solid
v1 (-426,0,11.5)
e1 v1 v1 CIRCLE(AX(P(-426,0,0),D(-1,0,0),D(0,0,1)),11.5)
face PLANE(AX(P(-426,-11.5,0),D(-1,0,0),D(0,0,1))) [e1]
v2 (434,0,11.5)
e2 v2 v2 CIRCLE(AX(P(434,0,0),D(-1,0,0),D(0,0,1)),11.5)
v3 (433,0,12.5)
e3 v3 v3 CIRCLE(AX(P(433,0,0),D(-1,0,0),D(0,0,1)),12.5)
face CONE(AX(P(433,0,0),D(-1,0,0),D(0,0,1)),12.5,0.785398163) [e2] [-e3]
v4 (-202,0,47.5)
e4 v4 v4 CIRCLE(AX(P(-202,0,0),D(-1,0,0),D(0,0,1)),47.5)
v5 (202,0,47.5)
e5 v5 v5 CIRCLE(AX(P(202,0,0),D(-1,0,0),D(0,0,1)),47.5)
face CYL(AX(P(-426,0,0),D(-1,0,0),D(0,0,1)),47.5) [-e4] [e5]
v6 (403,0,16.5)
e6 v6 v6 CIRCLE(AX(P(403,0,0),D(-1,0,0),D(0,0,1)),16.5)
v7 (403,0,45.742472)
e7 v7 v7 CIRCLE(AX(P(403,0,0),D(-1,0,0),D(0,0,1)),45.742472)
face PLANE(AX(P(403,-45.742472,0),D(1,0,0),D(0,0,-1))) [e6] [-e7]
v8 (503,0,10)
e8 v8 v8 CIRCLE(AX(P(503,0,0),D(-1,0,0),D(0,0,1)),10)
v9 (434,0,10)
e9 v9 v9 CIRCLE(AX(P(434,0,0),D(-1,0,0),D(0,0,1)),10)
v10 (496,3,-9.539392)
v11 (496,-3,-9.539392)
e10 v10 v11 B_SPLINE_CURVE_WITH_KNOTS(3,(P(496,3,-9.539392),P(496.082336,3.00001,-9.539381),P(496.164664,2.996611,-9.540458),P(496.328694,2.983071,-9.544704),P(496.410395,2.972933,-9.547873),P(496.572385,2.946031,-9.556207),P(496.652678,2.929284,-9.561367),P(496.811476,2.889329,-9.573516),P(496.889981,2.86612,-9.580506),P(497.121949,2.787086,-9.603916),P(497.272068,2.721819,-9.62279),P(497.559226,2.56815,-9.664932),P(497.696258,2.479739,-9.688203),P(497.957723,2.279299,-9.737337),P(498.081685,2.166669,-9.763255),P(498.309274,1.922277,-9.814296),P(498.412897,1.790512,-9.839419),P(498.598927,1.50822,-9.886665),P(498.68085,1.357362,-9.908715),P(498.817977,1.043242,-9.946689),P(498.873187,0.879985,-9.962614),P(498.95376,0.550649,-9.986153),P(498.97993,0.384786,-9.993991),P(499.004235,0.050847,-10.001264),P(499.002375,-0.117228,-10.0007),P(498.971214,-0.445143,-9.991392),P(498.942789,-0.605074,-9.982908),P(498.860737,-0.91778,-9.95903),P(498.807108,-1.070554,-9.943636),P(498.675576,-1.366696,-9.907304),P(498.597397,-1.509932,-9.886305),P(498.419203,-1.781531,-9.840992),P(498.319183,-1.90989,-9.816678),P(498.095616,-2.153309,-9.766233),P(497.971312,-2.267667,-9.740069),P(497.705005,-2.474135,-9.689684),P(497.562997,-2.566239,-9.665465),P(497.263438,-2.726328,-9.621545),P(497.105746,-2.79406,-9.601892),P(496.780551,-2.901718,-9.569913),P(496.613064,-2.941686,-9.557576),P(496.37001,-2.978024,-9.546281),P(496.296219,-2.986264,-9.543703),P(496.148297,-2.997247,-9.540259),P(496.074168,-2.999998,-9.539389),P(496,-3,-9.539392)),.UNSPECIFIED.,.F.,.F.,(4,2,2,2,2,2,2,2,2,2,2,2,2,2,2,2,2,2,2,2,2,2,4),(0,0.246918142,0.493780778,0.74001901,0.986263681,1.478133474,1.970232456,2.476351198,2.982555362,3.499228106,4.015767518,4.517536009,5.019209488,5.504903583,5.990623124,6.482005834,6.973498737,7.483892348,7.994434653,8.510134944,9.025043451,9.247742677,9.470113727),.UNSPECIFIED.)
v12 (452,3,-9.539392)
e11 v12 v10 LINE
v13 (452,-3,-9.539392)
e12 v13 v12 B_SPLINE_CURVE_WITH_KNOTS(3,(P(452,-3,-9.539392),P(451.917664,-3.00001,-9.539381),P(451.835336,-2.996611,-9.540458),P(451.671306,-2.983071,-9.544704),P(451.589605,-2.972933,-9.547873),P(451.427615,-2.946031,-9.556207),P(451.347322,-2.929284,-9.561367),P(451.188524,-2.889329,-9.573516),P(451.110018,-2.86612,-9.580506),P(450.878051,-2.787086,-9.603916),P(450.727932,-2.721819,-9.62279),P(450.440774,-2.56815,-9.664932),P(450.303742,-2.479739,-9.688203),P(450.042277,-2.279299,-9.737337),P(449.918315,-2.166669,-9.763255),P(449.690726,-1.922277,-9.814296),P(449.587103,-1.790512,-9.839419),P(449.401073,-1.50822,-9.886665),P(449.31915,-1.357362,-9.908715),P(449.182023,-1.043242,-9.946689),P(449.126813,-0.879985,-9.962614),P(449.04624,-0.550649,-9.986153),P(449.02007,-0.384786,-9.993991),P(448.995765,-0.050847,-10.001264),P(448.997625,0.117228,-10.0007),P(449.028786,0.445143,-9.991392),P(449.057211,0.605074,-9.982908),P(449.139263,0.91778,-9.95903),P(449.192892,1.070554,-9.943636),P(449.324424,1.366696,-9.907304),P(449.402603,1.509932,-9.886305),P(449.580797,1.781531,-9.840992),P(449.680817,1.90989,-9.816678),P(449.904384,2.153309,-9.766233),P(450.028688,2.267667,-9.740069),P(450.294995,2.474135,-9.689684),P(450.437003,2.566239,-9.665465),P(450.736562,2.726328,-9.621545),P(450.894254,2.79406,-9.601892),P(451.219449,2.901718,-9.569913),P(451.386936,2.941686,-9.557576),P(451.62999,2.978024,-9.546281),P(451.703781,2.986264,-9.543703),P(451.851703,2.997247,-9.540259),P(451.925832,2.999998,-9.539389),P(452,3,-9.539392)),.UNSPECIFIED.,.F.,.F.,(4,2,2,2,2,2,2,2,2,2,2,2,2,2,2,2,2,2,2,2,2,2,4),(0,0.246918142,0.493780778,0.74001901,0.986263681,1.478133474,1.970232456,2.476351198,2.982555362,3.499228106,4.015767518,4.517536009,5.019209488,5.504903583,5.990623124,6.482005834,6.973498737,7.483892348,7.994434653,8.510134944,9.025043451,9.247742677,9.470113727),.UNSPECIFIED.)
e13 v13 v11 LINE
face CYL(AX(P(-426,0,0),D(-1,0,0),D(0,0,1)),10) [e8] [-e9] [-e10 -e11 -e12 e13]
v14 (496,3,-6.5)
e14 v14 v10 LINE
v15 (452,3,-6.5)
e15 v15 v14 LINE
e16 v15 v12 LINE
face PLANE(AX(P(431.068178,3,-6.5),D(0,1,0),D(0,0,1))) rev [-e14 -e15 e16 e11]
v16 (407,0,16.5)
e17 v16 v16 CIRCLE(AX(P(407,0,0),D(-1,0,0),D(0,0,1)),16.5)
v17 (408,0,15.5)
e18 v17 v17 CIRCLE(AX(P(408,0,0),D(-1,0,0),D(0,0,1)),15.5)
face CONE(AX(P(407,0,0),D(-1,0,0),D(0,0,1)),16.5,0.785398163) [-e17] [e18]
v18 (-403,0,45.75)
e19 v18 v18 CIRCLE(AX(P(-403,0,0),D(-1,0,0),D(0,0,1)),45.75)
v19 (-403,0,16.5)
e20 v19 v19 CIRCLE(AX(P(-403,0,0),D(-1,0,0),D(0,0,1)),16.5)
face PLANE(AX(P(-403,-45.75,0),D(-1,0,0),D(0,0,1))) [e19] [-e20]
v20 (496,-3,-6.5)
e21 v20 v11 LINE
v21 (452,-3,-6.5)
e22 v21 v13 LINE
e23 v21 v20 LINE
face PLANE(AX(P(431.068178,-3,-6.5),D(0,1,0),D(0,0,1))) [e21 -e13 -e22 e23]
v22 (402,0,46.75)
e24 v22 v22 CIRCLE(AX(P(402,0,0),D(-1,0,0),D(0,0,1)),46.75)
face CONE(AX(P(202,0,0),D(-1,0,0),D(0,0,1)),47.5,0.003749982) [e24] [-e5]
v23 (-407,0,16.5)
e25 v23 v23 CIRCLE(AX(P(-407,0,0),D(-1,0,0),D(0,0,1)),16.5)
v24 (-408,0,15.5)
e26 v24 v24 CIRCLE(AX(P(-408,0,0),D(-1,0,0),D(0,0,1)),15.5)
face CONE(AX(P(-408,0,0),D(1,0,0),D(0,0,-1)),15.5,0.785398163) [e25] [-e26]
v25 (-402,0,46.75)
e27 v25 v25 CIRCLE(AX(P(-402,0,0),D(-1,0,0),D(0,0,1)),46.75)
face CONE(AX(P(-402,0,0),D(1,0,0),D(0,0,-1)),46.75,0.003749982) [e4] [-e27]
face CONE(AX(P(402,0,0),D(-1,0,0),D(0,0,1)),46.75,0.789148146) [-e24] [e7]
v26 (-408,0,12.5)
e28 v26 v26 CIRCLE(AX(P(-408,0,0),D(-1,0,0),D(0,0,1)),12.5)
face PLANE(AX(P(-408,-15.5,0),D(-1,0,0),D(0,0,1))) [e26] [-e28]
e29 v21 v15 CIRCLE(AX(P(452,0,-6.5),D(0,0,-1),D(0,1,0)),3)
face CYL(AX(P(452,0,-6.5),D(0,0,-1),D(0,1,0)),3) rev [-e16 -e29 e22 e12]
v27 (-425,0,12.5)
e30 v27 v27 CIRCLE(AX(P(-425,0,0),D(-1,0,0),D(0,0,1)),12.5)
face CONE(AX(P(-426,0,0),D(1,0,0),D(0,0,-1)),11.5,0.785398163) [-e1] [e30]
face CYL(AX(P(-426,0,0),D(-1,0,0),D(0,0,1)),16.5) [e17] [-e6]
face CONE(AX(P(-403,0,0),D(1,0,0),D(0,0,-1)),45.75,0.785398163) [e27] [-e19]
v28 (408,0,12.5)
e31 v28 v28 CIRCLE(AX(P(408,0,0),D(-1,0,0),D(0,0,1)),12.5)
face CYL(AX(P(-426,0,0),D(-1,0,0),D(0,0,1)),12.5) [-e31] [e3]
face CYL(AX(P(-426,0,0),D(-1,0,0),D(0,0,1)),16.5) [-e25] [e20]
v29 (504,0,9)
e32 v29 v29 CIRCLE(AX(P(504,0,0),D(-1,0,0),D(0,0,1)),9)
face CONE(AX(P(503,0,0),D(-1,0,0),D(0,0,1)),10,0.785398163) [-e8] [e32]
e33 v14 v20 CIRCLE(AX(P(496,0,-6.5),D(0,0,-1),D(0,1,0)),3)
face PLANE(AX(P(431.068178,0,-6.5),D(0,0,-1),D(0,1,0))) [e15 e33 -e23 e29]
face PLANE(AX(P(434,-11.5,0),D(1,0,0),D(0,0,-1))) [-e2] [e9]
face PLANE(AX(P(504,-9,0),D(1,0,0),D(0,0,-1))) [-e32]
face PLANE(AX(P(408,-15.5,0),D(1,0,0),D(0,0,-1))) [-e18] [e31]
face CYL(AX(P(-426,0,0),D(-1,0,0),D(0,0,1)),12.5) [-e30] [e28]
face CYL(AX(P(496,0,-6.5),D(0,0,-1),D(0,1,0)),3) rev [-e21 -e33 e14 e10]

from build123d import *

# Parameters (mm, degrees)
EXTRUDE1_DEPTH = 3.5


with BuildPart() as part:
    # Sketch1 → Revolve1 (revolve)
    with BuildSketch(Plane.XY, mode=Mode.PRIVATE) as revolve1_sk:
        Polygon((-201.999999982, -47.5), (201.999999982, -47.5), (401.999999982, -46.75), (402.999999982, -45.742471769), (402.999999982, -16.5), (406.999999982, -16.5), (407.999999982, -15.5), (407.999999982, -12.5), (432.999999982, -12.5), (433.999999982, -11.5), (433.999999982, -10), (502.999999982, -10), (503.999999982, -9), (503.999999982, 0), (-425.999999982, 0), (-425.999999982, -11.5), (-424.999999982, -12.5), (-407.999999982, -12.5), (-407.999999982, -15.5), (-406.999999982, -16.5), (-402.999999982, -16.5), (-402.999999982, -45.75), (-401.999999982, -46.75), align=None)
    revolve(revolve1_sk.sketch.rotate(Axis((-425.999999982, 0, 0), (1, 0, 0)), 270), axis=Axis((-425.999999982, 0, 0), (1, 0, 0)))  # turned: the seam where the file's is

    # Sketch2 → Extrude1 (cut)
    with BuildSketch(Plane(origin=(468.499999982, 0, -10), x_dir=(0, -1, 0), z_dir=(0, 0, -1))):
        with BuildLine():
            Line((-3, 16.5), (-3, -27.5))
            ThreePointArc((-3, -27.5), (0, -30.5), (3, -27.5))
            Line((3, -27.5), (3, 16.5))
            ThreePointArc((3, 16.5), (0, 19.5), (-3, 16.5))
        make_face()
    extrude(amount=-EXTRUDE1_DEPTH, mode=Mode.SUBTRACT)


solid = part.part
